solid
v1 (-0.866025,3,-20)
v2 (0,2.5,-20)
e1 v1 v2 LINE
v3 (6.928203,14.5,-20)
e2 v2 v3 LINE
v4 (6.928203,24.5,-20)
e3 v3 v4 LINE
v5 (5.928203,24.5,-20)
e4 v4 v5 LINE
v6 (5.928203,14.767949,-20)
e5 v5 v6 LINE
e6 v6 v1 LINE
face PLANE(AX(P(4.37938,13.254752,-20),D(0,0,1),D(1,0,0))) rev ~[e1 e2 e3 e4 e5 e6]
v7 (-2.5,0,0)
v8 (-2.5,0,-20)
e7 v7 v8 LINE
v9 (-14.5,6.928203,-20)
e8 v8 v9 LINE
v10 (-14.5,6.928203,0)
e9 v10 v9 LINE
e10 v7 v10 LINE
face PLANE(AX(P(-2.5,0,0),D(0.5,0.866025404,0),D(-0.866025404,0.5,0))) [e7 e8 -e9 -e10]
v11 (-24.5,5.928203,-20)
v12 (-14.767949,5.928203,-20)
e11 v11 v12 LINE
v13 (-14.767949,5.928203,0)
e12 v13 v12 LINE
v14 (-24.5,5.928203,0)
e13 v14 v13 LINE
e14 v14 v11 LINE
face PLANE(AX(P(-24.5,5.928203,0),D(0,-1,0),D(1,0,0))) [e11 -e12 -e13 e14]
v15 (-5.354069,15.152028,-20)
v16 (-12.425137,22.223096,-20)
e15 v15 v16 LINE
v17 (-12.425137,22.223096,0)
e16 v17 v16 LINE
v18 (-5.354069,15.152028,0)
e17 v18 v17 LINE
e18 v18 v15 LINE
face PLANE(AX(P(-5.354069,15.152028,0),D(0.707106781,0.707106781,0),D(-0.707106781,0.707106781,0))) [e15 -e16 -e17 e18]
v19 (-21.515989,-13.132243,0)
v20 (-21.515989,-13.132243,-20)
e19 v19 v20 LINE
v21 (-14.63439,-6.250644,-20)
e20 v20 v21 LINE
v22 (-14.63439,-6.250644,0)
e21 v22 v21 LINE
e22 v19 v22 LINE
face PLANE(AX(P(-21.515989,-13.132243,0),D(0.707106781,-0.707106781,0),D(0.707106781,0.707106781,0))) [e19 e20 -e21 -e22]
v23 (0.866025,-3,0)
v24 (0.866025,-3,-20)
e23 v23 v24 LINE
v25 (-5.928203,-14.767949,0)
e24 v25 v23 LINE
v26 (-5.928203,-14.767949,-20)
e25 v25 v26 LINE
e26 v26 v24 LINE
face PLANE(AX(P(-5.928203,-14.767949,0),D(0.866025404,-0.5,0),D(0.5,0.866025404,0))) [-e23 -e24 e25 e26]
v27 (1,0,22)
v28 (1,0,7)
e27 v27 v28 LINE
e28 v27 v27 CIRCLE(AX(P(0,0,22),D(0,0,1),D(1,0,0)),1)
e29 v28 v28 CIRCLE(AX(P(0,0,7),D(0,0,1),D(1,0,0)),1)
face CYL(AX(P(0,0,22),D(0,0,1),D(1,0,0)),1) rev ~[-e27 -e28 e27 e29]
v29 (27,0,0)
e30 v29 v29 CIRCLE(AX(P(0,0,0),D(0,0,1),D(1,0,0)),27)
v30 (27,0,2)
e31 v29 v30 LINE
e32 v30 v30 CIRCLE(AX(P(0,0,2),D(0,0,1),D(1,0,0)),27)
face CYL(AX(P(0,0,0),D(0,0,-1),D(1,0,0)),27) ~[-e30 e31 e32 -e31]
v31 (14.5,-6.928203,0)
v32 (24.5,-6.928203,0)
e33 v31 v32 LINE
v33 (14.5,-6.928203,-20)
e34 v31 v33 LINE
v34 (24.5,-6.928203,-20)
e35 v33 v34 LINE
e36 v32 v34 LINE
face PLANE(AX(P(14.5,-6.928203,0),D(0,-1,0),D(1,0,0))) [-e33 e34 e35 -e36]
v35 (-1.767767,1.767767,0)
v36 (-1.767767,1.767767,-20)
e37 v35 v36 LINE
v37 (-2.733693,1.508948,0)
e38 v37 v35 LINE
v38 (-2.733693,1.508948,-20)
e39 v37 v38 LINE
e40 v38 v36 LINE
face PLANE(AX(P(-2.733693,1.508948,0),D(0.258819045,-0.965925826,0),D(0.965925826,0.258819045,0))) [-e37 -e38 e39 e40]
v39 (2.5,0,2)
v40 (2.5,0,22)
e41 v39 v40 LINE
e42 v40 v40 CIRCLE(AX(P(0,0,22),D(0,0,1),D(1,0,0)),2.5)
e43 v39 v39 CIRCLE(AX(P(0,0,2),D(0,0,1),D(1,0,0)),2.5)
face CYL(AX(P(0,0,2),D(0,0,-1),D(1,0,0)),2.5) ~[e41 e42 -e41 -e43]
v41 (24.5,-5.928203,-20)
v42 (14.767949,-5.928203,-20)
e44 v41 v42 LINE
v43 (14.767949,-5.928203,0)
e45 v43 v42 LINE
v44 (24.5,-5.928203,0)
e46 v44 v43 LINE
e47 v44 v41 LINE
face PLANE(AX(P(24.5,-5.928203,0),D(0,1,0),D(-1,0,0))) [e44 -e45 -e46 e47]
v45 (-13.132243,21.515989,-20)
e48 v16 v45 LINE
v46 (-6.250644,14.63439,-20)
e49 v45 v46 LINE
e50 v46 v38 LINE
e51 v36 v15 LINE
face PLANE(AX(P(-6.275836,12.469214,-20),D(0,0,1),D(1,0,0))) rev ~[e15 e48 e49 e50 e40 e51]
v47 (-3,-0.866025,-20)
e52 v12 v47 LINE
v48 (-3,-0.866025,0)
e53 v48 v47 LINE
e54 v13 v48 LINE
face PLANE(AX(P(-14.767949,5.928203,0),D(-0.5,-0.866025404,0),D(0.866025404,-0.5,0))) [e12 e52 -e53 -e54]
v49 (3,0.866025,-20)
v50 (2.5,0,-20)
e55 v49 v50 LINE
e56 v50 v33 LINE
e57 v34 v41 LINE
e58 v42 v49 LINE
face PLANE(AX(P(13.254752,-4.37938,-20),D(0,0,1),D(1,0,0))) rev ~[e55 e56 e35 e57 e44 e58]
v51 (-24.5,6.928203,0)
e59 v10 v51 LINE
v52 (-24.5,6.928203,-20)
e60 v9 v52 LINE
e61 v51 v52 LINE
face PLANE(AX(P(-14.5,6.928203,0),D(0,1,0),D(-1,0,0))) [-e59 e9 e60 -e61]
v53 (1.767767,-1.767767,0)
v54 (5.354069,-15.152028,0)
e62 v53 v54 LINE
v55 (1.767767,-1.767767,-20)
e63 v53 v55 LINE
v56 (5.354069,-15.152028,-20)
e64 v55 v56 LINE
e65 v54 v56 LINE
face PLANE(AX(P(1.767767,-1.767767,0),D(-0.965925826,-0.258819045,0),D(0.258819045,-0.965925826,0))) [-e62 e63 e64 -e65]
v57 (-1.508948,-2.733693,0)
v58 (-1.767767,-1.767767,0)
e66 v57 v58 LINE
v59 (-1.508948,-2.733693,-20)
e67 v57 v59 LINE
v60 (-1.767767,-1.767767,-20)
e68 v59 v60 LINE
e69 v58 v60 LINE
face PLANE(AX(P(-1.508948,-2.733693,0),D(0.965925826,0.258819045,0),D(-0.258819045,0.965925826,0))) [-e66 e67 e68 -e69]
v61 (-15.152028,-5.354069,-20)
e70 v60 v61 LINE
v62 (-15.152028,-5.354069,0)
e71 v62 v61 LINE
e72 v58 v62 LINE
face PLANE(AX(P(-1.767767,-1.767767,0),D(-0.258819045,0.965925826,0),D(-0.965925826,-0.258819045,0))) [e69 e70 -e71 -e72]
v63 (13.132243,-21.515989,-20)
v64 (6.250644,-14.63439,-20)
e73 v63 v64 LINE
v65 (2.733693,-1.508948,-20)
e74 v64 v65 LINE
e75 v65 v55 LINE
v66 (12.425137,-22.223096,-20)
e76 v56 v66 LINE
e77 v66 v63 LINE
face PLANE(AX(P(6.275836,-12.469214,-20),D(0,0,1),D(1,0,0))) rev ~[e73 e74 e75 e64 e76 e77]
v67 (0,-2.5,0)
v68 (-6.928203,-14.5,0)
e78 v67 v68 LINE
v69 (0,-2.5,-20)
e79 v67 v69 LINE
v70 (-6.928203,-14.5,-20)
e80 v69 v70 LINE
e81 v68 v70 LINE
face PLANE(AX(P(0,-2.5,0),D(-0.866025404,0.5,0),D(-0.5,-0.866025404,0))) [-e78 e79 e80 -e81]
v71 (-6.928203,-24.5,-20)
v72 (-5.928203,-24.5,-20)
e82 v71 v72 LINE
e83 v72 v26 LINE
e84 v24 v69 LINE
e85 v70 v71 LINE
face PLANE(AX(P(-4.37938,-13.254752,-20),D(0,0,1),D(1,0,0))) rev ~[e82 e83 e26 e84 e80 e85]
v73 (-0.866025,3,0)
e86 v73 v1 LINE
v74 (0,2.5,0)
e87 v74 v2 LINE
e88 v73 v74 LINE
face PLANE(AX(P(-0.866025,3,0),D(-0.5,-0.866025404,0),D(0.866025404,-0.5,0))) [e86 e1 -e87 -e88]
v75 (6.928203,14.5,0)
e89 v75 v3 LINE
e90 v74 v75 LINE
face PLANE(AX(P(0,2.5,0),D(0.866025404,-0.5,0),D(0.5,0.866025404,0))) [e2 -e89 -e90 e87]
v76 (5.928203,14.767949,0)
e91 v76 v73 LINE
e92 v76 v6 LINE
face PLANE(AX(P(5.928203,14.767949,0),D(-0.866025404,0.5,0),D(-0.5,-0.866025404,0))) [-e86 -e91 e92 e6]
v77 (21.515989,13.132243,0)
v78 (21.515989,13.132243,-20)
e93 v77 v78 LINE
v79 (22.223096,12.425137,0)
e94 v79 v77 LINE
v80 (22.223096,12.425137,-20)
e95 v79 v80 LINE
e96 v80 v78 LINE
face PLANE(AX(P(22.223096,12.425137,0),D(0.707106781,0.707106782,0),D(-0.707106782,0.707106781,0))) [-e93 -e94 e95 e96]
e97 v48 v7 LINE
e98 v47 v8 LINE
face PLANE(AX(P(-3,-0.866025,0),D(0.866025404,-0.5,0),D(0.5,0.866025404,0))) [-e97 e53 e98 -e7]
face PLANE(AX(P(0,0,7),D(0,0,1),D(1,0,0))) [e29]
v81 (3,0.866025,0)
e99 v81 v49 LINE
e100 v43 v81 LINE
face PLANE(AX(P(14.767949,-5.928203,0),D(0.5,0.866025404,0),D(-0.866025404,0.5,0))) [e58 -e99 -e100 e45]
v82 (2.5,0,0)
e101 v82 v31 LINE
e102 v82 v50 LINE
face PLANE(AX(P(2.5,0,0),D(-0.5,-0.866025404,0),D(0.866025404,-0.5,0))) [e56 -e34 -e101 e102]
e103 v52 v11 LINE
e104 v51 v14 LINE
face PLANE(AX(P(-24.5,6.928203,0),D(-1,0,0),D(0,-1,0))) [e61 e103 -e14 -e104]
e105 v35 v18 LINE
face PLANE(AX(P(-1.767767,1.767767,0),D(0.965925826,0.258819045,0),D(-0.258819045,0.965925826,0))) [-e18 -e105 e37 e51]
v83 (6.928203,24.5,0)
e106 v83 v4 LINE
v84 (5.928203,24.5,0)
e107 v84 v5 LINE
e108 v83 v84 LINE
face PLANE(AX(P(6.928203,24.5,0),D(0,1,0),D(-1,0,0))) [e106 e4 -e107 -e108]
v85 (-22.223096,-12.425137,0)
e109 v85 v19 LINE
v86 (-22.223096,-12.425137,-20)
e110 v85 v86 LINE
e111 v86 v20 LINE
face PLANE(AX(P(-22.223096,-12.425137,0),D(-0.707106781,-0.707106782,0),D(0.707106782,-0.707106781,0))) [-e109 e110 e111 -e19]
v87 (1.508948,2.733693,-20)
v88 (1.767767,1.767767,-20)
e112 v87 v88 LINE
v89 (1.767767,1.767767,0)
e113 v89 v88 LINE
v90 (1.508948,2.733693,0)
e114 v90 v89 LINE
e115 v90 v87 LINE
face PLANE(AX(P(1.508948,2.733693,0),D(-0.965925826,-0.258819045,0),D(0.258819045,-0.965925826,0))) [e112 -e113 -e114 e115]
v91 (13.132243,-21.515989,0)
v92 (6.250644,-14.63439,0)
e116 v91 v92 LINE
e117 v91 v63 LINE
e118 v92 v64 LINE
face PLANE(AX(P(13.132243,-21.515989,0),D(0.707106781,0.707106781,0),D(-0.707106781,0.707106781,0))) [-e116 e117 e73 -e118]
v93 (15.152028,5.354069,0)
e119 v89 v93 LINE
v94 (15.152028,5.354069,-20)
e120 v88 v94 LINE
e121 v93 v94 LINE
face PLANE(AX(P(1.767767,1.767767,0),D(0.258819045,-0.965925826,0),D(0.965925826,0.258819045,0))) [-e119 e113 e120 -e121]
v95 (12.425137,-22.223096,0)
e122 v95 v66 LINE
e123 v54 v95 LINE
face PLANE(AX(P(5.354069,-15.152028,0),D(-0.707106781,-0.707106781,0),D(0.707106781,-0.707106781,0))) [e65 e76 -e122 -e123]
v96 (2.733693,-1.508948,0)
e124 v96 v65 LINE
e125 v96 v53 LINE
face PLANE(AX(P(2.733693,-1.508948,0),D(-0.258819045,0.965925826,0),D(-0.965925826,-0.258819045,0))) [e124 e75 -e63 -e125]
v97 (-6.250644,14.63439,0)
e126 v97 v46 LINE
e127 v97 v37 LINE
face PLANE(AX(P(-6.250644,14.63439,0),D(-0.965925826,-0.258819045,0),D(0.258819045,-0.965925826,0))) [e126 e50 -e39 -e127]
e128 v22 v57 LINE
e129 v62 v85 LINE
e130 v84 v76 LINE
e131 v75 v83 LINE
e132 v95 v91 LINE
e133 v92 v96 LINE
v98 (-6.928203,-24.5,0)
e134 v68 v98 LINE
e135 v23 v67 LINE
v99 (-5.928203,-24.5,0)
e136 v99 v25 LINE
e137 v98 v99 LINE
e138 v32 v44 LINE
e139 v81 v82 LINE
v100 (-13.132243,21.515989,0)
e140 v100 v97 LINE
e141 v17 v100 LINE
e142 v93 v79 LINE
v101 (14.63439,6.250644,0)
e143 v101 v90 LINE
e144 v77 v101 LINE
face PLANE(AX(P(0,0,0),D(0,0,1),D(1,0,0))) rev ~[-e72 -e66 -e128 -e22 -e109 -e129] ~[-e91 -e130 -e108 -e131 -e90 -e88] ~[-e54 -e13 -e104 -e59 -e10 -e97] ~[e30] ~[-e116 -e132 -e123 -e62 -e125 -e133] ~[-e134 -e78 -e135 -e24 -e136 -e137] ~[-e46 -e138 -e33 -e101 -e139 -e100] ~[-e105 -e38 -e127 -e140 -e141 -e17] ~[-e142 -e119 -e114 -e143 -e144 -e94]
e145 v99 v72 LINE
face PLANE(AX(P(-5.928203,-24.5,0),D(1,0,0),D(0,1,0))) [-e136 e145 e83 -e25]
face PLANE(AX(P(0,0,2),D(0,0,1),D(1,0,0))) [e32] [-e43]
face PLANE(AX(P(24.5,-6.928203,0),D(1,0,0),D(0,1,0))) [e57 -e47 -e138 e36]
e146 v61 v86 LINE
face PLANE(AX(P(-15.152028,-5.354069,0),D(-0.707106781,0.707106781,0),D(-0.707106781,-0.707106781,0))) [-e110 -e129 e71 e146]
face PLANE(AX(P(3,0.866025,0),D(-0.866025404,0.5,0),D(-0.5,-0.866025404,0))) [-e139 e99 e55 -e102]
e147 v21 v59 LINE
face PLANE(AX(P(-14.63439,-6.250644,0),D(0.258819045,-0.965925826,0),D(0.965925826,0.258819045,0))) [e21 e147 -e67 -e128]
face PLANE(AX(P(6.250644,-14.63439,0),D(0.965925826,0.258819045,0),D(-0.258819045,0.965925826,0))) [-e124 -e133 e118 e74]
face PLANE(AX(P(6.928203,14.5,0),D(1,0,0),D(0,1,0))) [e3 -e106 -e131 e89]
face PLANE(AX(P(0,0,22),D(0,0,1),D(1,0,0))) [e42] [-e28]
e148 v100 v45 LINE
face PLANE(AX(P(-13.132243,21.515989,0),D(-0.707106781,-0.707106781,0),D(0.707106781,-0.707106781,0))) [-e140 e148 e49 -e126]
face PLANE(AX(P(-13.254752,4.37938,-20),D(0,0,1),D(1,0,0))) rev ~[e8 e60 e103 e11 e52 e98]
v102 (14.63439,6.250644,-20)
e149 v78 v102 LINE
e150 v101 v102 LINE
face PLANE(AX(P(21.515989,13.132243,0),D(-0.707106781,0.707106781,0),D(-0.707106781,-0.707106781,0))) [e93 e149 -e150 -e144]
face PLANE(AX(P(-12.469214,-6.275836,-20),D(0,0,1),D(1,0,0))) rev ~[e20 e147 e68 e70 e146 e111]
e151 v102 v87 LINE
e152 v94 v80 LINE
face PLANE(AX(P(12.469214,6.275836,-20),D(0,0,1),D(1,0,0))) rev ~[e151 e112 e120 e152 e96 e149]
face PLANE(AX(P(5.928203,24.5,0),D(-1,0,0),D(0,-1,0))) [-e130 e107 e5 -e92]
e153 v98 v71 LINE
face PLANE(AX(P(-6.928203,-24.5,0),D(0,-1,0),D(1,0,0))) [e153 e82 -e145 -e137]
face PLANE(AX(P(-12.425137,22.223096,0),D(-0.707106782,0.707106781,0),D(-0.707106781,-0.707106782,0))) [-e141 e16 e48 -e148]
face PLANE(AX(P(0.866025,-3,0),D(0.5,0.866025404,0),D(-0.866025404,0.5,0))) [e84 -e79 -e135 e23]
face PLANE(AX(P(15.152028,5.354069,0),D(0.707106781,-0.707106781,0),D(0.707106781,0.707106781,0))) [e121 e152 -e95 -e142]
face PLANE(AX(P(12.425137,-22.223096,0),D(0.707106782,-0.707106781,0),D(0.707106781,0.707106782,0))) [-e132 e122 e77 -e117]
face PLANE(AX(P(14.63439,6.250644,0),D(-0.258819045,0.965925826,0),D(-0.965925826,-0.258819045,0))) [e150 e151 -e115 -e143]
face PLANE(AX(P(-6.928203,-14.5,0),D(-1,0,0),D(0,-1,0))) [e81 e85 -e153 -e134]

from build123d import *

# Parameters (mm, degrees)
SKETCH_1_R          = 27
EXTRUDE_1_DEPTH     = 2
EXTRUDE_2_DEPTH     = 20
SKETCH_3_R          = 2.5
EXTRUDE_3_DEPTH     = 20
SKETCH_4_R          = 1
CUT_EXTRUDE_1_DEPTH = 15


with BuildPart() as part:
    # 草图1 → 凸台-拉伸1 (new body)
    with BuildSketch(Plane.XY):
        Circle(SKETCH_1_R)
    extrude(amount=EXTRUDE_1_DEPTH)

    # 草图2 → 凸台-拉伸2 (add)
    with BuildSketch(Plane.XY):
        Polygon((-2.5, 0), (-14.5, 6.92820323), (-24.5, 6.92820323), (-24.5, 5.92820323), (-14.767949192, 5.92820323), (-3, -0.866025404), align=None)
        Polygon((-12.425136654, 22.223095625), (-13.132243435, 21.515988843), (-6.250644314, 14.634389723), (-2.733692779, 1.508947908), (-1.767766953, 1.767766953), (-5.354068842, 15.152027813), align=None)
        Polygon((6.92820323, 24.5), (5.92820323, 24.5), (5.92820323, 14.767949192), (-0.866025404, 3), (0, 2.5), (6.92820323, 14.5), align=None)
        Polygon((22.223095625, 12.425136654), (21.515988843, 13.132243435), (14.634389723, 6.250644314), (1.508947908, 2.733692779), (1.767766953, 1.767766953), (15.152027813, 5.354068842), align=None)
        Polygon((24.5, -6.92820323), (24.5, -5.92820323), (14.767949192, -5.92820323), (3, 0.866025404), (2.5, 0), (14.5, -6.92820323), align=None)
        Polygon((12.425136654, -22.223095625), (13.132243435, -21.515988843), (6.250644314, -14.634389723), (2.733692779, -1.508947908), (1.767766953, -1.767766953), (5.354068842, -15.152027813), align=None)
        Polygon((-6.92820323, -24.5), (-5.92820323, -24.5), (-5.92820323, -14.767949192), (0.866025404, -3), (0, -2.5), (-6.92820323, -14.5), align=None)
        Polygon((-22.223095625, -12.425136654), (-21.515988843, -13.132243435), (-14.634389723, -6.250644314), (-1.508947908, -2.733692779), (-1.767766953, -1.767766953), (-15.152027813, -5.354068842), align=None)
    extrude(amount=-EXTRUDE_2_DEPTH)

    # 草图3 → 凸台-拉伸3 (add)
    with BuildSketch(Plane.XY.offset(2)):
        Circle(SKETCH_3_R)
    extrude(amount=EXTRUDE_3_DEPTH)

    # 草图4 → 切除-拉伸1 (cut)
    with BuildSketch(Plane.XY.offset(22)):
        Circle(SKETCH_4_R)
    extrude(amount=-CUT_EXTRUDE_1_DEPTH, mode=Mode.SUBTRACT)


solid = part.part
